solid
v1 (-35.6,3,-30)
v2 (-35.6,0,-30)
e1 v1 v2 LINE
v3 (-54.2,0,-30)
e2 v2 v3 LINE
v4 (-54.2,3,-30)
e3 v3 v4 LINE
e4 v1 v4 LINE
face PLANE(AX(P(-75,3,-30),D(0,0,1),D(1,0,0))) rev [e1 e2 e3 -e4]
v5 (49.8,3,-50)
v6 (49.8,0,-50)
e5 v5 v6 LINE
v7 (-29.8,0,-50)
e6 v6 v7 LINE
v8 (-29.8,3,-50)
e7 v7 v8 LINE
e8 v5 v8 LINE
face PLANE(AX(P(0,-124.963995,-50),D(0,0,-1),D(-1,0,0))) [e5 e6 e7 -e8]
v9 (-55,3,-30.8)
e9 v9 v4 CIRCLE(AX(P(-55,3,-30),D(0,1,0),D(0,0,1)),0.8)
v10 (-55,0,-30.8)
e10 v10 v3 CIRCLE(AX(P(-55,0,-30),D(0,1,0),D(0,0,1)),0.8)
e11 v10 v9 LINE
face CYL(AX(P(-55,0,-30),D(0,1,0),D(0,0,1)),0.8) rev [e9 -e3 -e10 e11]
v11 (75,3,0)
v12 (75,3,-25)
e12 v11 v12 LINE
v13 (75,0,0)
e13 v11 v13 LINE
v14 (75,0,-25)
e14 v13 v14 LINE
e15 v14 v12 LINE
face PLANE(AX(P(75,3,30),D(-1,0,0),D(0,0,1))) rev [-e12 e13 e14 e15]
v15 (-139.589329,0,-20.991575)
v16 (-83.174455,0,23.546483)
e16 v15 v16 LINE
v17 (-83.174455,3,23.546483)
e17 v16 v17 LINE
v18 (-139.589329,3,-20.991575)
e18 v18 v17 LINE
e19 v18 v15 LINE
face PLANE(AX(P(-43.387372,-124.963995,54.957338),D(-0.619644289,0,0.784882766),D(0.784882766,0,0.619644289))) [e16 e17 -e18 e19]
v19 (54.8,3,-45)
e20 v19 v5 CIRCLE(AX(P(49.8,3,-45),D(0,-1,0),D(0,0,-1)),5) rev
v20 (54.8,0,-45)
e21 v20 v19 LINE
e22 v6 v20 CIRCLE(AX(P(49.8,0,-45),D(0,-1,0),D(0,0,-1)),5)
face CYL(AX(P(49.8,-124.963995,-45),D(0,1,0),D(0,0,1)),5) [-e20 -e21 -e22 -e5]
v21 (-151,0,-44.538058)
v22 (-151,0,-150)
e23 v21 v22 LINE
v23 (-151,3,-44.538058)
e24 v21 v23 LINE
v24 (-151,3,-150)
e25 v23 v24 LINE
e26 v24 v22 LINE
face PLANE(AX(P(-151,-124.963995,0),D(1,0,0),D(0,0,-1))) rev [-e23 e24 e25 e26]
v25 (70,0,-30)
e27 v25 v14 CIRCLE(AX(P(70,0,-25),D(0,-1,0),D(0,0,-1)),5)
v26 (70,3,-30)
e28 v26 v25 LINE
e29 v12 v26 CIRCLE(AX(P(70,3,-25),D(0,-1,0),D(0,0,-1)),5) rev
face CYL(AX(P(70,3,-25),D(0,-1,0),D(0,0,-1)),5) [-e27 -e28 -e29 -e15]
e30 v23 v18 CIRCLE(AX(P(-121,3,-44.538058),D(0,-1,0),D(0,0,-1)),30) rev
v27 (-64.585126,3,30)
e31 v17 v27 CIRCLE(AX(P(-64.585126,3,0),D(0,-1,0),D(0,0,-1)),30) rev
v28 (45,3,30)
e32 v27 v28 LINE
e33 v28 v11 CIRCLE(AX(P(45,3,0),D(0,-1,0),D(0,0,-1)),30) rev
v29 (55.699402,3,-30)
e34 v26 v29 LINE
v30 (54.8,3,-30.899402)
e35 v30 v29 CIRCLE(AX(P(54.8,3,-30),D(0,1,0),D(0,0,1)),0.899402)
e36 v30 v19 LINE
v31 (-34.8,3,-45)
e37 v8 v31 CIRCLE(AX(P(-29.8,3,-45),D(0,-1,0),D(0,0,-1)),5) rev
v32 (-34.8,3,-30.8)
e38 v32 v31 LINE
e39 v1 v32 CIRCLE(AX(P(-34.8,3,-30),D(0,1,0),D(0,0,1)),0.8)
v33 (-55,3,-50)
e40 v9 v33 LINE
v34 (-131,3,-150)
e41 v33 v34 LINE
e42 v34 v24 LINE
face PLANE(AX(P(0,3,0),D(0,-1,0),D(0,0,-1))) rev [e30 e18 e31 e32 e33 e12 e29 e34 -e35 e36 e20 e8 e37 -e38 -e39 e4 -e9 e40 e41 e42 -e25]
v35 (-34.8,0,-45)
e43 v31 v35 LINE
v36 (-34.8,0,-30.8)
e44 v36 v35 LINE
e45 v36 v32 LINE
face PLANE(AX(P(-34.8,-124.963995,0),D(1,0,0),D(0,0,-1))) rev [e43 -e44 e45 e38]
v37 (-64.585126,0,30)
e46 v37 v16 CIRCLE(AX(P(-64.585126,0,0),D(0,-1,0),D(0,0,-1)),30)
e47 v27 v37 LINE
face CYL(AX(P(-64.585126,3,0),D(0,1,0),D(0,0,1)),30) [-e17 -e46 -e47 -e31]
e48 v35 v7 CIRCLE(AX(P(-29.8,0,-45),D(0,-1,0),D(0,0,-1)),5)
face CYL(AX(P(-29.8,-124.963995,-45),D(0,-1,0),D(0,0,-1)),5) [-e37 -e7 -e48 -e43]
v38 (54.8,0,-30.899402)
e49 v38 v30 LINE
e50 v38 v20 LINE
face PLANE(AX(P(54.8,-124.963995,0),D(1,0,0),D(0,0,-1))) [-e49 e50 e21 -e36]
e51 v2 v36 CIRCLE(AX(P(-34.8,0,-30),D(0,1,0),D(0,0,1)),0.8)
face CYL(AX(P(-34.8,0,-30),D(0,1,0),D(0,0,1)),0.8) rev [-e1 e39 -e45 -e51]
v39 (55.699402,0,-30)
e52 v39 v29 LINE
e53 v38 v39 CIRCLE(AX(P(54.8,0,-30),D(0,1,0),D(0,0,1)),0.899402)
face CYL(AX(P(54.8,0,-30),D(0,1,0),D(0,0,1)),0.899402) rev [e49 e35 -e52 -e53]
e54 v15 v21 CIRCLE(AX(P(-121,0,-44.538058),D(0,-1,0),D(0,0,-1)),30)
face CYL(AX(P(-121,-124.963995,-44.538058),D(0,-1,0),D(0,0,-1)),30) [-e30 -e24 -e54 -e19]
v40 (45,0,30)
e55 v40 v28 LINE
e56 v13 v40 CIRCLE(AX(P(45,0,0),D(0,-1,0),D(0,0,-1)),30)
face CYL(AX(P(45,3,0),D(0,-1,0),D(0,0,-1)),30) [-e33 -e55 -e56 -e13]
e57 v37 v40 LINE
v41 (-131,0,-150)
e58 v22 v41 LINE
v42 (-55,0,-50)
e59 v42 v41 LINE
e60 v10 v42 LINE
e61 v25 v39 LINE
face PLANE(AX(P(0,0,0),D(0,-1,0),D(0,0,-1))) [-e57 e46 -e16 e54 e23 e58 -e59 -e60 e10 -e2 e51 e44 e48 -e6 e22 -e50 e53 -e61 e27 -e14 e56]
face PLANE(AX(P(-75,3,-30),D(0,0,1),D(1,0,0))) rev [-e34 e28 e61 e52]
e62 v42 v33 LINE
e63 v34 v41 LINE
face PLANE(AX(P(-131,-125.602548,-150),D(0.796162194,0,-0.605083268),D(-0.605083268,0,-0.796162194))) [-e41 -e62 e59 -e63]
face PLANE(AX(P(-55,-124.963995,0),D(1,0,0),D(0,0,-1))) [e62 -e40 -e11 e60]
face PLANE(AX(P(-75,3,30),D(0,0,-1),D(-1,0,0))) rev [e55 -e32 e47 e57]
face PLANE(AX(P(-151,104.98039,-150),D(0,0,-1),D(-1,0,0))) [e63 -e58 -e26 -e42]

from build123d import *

# Parameters (mm, degrees)
SKETCH1_W           = 150
SKETCH1_H           = 60
BOSS_EXTRUDE1_DEPTH = 3
FILLET1_R           = 30
SKETCH2_W           = 89.6
SKETCH2_H           = 20
BOSS_EXTRUDE2_DEPTH = 3
FILLET2_R           = 30
SKETCH3_R           = 0.8
SKETCH3_R_2         = 0.899402105
CUT_EXTRUDE1_DEPTH  = 160.091168831
FILLET3_R           = 5
SKETCH4_W           = 20
SKETCH4_H           = 100
BOSS_EXTRUDE3_DEPTH = 3
BOSS_EXTRUDE4_DEPTH = 3


with BuildPart() as part:
    # Sketch1 → Boss-Extrude1 (new body)
    with BuildSketch(Plane(origin=(0, 0, 0), x_dir=(1, 0, 0), z_dir=(0, 1, 0))):
        Rectangle(SKETCH1_W, SKETCH1_H)
    extrude(amount=BOSS_EXTRUDE1_DEPTH)

    # Fillet1
    fillet1_edges = [part.edges().sort_by_distance(p)[0] for p in [
        (75, 1.5, 30),
    ]]
    fillet(fillet1_edges, radius=FILLET1_R)

    # Sketch2 → Boss-Extrude2 (add)
    with BuildSketch(Plane(origin=(0, 3, 0), x_dir=(1, 0, 0), z_dir=(0, 1, 0))):
        Polygon((-75, 30), (-55, 30), (-55, 50), (-151, 50), (-151, 30), align=None)
        Polygon((-75, -30), (-75, 30), (-151, 30), align=None)
        with Locations((10, 40)):
            Rectangle(SKETCH2_W, SKETCH2_H)
    extrude(amount=-BOSS_EXTRUDE2_DEPTH)

    # Fillet2
    fillet2_edges = [part.edges().sort_by_distance(p)[0] for p in [
        (-151, 1.5, -30),
        (-75, 1.5, 30),
    ]]
    fillet(fillet2_edges, radius=FILLET2_R)

    # Sketch3 → Cut-Extrude1 (cut, through all)
    with BuildSketch(Plane(origin=(0, 3, 0), x_dir=(1, 0, 0), z_dir=(0, 1, 0))):
        with Locations((-55, 30)):
            Circle(SKETCH3_R)
        with Locations((-34.8, 30)):
            Circle(SKETCH3_R)
        with Locations((54.8, 30)):
            Circle(SKETCH3_R_2)
    extrude(amount=-CUT_EXTRUDE1_DEPTH, mode=Mode.SUBTRACT)

    # Fillet3
    fillet3_edges = [part.edges().sort_by_distance(p)[0] for p in [
        (-34.8, 1.5, -50),
        (54.8, 1.5, -50),
        (75, 1.5, -30),
    ]]
    fillet(fillet3_edges, radius=FILLET3_R)

    # Sketch4 → Boss-Extrude3 (add)
    with BuildSketch(Plane(origin=(0, 0, 0), x_dir=(-1, 0, 0), z_dir=(0, -1, 0))):
        with Locations((141, 100)):
            Rectangle(SKETCH4_W, SKETCH4_H)
    extrude(amount=-BOSS_EXTRUDE3_DEPTH)

    # Sketch5 → Boss-Extrude4 (add)
    with BuildSketch(Plane(origin=(0, 3, 0), x_dir=(1, 0, 0), z_dir=(0, 1, 0))):
        Polygon((-131, 150), (-55, 50), (-131, 50), align=None)
    extrude(amount=-BOSS_EXTRUDE4_DEPTH)


solid = part.part
